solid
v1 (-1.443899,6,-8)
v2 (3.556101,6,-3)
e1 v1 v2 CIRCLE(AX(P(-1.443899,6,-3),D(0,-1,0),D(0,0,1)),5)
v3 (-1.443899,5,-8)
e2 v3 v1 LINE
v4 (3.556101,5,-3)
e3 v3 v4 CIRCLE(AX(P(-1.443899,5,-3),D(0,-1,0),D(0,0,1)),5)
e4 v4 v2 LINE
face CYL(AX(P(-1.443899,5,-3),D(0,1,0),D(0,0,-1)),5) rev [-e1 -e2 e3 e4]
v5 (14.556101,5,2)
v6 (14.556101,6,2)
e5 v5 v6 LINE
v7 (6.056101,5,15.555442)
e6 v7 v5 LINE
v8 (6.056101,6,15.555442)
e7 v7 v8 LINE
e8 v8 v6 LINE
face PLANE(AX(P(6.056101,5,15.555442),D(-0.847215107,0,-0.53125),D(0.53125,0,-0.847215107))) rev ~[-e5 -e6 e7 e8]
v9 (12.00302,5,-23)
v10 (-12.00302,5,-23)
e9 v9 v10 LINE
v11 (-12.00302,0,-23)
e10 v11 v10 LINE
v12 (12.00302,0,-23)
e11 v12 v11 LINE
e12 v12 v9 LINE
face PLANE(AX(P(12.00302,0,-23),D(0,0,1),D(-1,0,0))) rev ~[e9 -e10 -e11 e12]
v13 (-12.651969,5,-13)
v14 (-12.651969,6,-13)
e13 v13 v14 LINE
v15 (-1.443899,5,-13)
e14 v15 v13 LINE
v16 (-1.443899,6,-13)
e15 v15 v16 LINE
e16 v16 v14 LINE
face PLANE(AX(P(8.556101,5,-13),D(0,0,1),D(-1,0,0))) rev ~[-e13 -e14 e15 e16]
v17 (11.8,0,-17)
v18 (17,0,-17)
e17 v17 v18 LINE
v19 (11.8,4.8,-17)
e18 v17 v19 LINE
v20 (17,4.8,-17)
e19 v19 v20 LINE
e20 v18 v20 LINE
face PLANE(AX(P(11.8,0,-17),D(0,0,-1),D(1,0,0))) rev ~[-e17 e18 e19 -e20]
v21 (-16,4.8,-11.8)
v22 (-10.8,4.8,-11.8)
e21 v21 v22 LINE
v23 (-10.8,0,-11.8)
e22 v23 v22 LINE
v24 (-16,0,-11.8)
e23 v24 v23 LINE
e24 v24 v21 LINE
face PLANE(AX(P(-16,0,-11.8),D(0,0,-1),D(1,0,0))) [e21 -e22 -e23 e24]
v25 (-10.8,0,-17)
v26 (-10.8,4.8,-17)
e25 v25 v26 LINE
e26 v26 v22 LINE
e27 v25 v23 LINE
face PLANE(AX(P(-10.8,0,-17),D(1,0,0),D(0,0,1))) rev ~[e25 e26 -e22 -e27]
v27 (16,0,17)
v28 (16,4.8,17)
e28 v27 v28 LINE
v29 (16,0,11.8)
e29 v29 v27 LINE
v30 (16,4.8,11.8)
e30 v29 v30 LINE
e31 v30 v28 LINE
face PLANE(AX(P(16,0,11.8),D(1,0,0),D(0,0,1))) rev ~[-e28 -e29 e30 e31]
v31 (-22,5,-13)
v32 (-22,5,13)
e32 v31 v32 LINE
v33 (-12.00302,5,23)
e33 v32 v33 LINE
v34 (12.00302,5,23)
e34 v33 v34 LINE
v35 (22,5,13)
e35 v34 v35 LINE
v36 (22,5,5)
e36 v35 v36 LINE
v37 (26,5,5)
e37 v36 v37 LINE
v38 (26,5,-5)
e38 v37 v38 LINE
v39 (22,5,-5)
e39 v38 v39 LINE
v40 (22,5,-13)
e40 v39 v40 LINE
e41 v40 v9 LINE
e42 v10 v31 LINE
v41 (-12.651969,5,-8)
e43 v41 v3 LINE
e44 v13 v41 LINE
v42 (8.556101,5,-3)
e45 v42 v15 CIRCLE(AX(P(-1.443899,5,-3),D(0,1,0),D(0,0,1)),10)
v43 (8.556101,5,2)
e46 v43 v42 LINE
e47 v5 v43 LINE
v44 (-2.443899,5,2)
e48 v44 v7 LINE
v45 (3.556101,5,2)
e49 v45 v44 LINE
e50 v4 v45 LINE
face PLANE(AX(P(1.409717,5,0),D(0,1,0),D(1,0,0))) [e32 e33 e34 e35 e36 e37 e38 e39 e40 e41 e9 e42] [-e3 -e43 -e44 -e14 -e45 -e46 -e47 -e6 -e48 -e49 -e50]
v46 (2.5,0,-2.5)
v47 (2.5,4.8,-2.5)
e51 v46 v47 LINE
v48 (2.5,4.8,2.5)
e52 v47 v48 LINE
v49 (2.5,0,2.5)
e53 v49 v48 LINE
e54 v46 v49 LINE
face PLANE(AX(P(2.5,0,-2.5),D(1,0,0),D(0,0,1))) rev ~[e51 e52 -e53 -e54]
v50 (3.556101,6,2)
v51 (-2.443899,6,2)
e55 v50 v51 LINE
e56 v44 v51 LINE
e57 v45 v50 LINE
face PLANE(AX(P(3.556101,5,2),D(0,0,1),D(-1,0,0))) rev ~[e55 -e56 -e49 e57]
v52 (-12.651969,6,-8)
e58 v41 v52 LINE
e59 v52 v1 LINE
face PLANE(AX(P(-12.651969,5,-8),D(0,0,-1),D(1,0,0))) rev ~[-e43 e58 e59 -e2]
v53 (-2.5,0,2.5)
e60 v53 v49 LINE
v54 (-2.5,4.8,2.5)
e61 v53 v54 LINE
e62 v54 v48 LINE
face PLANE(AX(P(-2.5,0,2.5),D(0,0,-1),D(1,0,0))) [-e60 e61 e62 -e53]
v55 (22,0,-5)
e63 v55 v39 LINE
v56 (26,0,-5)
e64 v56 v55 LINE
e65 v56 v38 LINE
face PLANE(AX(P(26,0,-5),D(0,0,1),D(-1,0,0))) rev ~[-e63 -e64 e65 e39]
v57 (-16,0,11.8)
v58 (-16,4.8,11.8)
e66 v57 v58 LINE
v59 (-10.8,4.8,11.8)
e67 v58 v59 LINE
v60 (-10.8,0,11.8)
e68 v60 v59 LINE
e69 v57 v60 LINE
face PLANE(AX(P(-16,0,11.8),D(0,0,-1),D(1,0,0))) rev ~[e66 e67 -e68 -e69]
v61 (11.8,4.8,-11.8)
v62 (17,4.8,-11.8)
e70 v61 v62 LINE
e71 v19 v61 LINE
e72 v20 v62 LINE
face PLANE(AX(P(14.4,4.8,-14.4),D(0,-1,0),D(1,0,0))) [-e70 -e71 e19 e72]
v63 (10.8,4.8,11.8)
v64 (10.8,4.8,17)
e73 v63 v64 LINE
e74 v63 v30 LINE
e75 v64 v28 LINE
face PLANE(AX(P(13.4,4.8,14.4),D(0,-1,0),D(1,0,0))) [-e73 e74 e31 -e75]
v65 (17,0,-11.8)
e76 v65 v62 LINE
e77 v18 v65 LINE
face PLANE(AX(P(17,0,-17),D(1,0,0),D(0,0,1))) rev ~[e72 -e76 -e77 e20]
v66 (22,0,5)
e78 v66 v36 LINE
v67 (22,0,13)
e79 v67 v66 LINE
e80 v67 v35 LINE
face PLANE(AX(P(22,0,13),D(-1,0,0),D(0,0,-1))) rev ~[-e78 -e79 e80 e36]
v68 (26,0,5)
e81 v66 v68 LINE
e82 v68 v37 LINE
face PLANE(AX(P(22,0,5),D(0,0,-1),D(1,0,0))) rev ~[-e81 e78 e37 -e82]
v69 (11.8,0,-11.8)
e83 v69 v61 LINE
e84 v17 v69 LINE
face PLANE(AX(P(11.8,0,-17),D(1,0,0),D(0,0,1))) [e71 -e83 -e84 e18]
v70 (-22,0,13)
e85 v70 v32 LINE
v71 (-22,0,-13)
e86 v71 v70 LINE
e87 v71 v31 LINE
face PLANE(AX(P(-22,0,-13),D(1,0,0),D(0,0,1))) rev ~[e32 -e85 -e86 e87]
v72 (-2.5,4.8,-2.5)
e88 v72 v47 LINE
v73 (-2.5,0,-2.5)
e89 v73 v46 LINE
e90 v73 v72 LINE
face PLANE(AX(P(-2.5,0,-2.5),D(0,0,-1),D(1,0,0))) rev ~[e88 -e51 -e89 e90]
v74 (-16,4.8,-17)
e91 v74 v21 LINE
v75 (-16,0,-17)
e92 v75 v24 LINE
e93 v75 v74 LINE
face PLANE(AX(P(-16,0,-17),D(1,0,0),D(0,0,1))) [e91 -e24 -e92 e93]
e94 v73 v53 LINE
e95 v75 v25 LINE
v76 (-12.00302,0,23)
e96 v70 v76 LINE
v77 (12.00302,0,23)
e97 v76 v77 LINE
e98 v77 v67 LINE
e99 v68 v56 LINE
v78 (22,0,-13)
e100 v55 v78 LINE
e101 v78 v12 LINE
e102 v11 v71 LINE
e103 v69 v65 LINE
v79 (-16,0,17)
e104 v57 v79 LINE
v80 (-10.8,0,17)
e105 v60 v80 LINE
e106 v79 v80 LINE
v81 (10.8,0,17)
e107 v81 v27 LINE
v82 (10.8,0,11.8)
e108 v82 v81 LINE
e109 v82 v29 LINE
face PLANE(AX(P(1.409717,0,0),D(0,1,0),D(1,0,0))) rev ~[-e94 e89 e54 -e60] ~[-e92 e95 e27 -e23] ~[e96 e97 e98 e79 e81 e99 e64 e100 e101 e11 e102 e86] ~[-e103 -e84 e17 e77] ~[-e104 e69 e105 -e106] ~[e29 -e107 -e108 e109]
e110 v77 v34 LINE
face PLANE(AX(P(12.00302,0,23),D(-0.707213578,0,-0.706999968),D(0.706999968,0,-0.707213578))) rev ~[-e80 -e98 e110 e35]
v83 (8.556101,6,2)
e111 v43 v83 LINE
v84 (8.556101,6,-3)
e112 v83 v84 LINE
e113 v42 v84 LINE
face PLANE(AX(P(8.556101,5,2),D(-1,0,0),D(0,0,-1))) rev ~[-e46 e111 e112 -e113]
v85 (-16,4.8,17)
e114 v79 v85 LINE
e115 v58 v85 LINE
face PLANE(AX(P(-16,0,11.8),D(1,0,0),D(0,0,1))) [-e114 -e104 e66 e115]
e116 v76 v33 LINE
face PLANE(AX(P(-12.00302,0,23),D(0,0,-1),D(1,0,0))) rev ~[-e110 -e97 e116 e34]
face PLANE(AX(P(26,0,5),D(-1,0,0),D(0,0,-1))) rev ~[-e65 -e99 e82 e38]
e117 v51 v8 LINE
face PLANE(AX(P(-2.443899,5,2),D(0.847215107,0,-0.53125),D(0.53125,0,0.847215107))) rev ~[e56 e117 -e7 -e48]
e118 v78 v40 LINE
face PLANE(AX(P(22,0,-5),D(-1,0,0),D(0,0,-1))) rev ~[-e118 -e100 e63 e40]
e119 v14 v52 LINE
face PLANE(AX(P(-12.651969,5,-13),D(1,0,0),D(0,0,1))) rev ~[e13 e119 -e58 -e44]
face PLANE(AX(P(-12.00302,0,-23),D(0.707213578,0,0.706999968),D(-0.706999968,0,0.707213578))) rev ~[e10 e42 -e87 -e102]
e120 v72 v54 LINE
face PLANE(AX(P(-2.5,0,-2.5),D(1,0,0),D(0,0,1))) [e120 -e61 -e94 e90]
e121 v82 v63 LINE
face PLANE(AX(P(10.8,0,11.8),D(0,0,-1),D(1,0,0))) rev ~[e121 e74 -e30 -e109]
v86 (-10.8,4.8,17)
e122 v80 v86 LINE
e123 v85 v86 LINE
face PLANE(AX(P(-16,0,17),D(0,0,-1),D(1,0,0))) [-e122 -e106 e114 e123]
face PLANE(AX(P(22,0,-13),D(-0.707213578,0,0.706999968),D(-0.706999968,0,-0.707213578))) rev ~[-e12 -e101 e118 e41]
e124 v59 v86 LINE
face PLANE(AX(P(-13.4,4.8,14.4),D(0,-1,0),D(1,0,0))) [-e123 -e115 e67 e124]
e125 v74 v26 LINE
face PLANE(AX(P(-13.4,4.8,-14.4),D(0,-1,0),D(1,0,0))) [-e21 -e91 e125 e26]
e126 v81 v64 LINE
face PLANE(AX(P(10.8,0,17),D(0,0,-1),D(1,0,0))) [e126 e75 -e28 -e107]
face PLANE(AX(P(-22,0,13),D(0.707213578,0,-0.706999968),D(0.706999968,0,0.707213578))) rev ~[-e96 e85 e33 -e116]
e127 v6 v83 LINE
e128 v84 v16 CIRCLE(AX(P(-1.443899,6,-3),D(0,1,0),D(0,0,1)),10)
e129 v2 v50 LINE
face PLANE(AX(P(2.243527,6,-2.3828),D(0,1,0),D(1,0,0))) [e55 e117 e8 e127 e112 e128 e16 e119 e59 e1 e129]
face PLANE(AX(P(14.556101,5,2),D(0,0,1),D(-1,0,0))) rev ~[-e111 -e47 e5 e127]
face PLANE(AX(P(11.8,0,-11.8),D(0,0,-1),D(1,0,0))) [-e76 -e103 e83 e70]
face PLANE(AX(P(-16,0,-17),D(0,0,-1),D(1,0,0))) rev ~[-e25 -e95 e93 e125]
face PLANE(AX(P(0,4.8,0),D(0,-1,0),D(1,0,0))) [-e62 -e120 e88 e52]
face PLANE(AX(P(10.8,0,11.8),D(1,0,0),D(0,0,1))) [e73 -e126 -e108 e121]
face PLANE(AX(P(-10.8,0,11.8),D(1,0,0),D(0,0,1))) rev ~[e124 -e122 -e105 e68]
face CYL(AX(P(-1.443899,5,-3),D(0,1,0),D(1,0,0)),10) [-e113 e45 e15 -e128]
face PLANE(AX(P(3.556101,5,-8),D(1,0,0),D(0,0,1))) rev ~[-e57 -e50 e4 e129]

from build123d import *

# Parameters (mm, degrees)
BOSS_EXTRU_1_DEPTH      = 5
BOSS_EXTRU_2_DEPTH      = 1
ESQUISSE3_W             = 5.2
ESQUISSE3_H             = 5.2
ESQUISSE3_W_2           = 5
ESQUISSE3_H_2           = 5
ENL_V_MAT_EXTRU_1_DEPTH = 4.8
CONG_1_R                = 10
CONG_2_R                = 5


with BuildPart() as part:
    # Esquisse1 → Boss.-Extru.1 (new body)
    with BuildSketch(Plane(origin=(0, 0, 0), x_dir=(1, 0, 0), z_dir=(0, 1, 0))):
        Polygon((22, 13), (12.003020456, 23), (-12.003020456, 23), (-22, 13), (-22, -13), (-12.003020456, -23), (12.003020456, -23), (22, -13), (22, -5), (26, -5), (26, 5), (22, 5), align=None)
    extrude(amount=BOSS_EXTRU_1_DEPTH)

    # Esquisse2 → Boss.-Extru.2 (add)
    with BuildSketch(Plane(origin=(0, 5, 0), x_dir=(1, 0, 0), z_dir=(0, 1, 0))):
        Polygon((-12.651968736, 13), (-12.651968736, 8), (3.556100985, 8), (3.556100985, -2), (-2.443899015, -2), (6.056100985, -15.555441712), (14.556100985, -2), (8.556100985, -2), (8.556100985, 13), align=None)
    extrude(amount=BOSS_EXTRU_2_DEPTH)

    # Esquisse3 → Enlèv. mat.-Extru.1 (cut)
    with BuildSketch(Plane.XZ):
        with Locations((-13.4, 14.4)):
            Rectangle(ESQUISSE3_W, ESQUISSE3_H)
        with Locations((-13.4, -14.4)):
            Rectangle(ESQUISSE3_W, ESQUISSE3_H)
        with Locations((14.4, -14.4)):
            Rectangle(ESQUISSE3_W, ESQUISSE3_H)
        with Locations((13.4, 14.4)):
            Rectangle(ESQUISSE3_W, ESQUISSE3_H)
        Rectangle(ESQUISSE3_W_2, ESQUISSE3_H_2)
    extrude(amount=-ENL_V_MAT_EXTRU_1_DEPTH, mode=Mode.SUBTRACT)

    # Congé1
    cong_1_edges = [part.edges().sort_by_distance(p)[0] for p in [
        (8.556100985, 5.5, -13),
    ]]
    fillet(cong_1_edges, radius=CONG_1_R)

    # Congé2
    cong_2_edges = [part.edges().sort_by_distance(p)[0] for p in [
        (3.556100985, 5.5, -8),
    ]]
    fillet(cong_2_edges, radius=CONG_2_R)


solid = part.part
